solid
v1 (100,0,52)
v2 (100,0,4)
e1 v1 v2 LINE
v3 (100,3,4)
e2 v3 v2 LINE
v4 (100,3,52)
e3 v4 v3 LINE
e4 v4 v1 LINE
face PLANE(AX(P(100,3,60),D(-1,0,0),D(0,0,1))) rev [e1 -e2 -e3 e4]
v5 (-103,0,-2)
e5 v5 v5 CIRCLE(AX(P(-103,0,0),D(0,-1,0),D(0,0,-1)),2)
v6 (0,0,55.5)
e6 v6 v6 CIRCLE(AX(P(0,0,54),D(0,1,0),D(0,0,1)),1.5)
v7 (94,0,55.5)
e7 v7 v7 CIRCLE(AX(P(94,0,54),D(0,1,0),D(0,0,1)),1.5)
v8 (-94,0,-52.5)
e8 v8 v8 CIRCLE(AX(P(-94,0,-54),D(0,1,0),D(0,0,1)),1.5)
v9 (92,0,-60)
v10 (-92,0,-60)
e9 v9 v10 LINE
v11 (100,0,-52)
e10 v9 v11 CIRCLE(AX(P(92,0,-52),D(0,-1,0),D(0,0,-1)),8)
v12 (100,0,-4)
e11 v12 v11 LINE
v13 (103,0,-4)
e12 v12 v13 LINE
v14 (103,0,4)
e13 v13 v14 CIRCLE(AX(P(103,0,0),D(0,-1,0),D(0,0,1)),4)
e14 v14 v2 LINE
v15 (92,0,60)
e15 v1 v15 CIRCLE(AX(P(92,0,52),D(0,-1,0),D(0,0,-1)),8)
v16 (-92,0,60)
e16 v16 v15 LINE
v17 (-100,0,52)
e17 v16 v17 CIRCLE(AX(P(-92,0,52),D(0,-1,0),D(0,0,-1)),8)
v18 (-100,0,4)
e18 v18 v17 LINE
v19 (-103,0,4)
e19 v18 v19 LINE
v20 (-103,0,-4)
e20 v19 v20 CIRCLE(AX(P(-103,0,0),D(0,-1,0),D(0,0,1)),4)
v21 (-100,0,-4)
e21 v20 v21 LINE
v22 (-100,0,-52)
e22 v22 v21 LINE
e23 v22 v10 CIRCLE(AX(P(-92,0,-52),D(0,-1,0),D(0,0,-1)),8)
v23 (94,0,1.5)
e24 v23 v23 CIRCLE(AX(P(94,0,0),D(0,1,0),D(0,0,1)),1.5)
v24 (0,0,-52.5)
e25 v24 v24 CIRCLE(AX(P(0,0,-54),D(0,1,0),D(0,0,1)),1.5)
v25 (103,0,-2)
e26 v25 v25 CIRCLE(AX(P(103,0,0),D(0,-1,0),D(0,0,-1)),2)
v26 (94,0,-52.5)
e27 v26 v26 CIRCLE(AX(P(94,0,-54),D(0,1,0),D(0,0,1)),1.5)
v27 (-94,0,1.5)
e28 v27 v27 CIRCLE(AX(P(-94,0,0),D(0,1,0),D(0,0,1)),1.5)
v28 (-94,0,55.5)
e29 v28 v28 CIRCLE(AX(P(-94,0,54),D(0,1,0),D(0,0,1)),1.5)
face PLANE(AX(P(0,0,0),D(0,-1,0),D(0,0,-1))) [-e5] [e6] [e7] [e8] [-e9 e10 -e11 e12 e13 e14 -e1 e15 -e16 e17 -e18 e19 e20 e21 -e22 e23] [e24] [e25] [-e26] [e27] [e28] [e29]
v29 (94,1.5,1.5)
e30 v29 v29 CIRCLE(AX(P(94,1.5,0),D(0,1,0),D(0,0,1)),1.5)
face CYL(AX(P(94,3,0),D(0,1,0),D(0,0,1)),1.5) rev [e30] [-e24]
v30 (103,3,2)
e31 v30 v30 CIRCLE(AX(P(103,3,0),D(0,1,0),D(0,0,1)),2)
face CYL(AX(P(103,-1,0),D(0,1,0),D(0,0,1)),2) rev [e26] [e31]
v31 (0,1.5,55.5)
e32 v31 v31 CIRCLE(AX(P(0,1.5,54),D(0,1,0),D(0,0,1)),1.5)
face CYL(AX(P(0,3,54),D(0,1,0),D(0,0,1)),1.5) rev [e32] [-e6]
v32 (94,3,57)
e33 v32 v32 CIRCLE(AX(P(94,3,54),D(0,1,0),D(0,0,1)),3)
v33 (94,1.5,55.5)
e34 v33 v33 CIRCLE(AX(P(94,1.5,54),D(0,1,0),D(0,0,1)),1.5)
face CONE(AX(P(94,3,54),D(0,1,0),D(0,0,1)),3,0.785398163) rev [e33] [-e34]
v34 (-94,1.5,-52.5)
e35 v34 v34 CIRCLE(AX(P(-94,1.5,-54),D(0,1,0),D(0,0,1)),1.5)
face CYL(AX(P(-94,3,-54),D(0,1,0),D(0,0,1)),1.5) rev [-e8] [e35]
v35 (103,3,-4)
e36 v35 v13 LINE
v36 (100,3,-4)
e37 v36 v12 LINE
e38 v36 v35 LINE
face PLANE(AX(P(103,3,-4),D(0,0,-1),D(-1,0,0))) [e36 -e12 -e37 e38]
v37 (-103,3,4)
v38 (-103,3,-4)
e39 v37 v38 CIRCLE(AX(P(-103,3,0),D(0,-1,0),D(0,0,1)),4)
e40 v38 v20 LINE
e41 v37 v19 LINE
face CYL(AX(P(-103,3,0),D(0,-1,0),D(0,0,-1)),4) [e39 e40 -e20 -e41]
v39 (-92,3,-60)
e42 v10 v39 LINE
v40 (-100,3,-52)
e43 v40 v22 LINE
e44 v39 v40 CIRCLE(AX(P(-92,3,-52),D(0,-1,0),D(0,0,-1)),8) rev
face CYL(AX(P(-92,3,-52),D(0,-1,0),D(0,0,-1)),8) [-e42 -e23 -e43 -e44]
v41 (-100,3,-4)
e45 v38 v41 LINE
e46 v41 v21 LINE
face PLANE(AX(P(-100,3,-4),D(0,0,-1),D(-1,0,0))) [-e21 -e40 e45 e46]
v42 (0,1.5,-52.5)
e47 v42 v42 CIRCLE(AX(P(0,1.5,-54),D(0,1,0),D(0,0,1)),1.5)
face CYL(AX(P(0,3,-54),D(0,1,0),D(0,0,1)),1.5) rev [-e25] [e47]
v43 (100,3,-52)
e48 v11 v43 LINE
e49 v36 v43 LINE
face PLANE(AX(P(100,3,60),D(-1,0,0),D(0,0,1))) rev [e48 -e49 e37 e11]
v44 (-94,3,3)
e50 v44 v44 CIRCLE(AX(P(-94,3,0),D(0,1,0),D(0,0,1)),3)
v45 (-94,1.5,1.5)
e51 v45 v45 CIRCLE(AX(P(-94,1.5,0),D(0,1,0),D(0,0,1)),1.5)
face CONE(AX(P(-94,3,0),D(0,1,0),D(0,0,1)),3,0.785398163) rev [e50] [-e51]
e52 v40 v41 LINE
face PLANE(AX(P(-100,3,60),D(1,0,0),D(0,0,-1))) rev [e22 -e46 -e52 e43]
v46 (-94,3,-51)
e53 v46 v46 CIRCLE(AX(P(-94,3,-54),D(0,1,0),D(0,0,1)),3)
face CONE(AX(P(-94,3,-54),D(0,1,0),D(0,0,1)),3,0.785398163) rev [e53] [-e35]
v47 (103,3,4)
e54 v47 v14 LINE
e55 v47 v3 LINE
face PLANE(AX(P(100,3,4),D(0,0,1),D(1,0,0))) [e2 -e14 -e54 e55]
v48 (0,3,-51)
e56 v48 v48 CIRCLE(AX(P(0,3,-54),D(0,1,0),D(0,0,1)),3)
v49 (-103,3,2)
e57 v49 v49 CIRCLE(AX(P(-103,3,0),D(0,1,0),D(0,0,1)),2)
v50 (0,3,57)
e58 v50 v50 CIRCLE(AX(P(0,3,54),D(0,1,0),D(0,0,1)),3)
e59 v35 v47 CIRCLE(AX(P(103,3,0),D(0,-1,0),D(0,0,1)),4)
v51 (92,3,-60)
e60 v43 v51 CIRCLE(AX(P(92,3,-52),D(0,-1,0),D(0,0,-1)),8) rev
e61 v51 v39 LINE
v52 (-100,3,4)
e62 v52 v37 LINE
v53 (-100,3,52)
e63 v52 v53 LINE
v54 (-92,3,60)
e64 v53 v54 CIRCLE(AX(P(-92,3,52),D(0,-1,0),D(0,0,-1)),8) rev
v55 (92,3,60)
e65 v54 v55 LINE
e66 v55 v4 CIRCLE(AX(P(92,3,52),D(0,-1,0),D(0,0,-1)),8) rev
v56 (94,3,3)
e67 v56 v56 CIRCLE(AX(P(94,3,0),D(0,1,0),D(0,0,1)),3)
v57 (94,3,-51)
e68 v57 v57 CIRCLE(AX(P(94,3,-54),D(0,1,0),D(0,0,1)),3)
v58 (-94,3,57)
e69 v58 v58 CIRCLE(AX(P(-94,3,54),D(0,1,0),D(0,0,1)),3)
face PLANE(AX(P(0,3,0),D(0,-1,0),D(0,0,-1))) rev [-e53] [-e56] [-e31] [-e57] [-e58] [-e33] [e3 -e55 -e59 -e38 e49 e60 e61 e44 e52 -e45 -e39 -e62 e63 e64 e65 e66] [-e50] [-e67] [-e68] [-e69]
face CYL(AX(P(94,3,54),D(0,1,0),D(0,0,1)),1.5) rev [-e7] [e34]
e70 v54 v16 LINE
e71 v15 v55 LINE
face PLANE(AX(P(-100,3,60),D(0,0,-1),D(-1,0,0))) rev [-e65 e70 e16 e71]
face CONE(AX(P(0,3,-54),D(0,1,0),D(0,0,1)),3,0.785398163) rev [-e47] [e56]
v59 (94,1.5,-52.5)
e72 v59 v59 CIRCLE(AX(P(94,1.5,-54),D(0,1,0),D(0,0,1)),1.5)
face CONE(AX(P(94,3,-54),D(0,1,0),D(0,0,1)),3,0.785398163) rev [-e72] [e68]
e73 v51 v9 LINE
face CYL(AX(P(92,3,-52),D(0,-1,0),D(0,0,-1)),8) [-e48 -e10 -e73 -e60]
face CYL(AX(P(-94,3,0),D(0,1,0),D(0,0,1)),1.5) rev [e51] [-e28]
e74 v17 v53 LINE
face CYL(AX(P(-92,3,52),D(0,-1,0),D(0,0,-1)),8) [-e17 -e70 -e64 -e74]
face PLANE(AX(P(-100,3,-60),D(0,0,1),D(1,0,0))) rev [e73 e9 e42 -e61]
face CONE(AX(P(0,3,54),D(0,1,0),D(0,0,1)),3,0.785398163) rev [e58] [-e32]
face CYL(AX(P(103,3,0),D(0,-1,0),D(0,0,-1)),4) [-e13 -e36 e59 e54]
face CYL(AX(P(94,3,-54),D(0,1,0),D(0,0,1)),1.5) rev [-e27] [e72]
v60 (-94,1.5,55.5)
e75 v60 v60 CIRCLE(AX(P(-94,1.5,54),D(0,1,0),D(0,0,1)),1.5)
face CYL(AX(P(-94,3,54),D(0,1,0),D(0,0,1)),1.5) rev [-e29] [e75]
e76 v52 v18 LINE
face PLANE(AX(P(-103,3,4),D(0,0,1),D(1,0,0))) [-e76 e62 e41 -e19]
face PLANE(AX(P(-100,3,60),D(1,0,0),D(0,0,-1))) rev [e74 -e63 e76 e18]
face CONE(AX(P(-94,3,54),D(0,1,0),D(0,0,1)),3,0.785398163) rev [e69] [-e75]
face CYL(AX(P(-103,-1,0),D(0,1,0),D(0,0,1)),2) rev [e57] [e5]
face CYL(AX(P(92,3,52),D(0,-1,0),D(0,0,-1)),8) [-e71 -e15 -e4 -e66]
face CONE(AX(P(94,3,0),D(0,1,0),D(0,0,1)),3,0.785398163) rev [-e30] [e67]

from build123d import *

# Parameters (mm, degrees)
SKETCH1_W                                       = 200
SKETCH1_H                                       = 120
BOSS_EXTRUDE1_DEPTH                             = 3
CSK_FOR_M3_FLAT_HEAD_MACHINE_SCREW1_D           = 3
CSK_FOR_M3_FLAT_HEAD_MACHINE_SCREW1_CSINK_D     = 6
CSK_FOR_M3_FLAT_HEAD_MACHINE_SCREW1_CSINK_ANGLE = 90
FILLET1_R                                       = 8
BOSS_EXTRUDE2_DEPTH                             = 3
SKETCH9_R                                       = 2
CUT_EXTRUDE1_DEPTH                              = 4


with BuildPart() as part:
    # Sketch1 → Boss-Extrude1 (new body)
    with BuildSketch(Plane(origin=(0, 0, 0), x_dir=(1, 0, 0), z_dir=(0, 1, 0))):
        Rectangle(SKETCH1_W, SKETCH1_H)
    extrude(amount=BOSS_EXTRUDE1_DEPTH)

    # CSK for M3 Flat Head Machine Screw1 (through all)
    with Locations(Plane(origin=(0, 3, 0), x_dir=(1, 0, 0), z_dir=(0, 1, 0))):
        with Locations((-94, 54), (0, 54), (94, 54), (94, 0), (94, -54), (0, -54), (-94, -54), (-94, 0)):
            CounterSinkHole(CSK_FOR_M3_FLAT_HEAD_MACHINE_SCREW1_D / 2, CSK_FOR_M3_FLAT_HEAD_MACHINE_SCREW1_CSINK_D / 2, counter_sink_angle=CSK_FOR_M3_FLAT_HEAD_MACHINE_SCREW1_CSINK_ANGLE)

    # Fillet1
    fillet1_edges = [part.edges().sort_by_distance(p)[0] for p in [
        (100, 1.5, 60),
        (-100, 1.5, 60),
        (-100, 1.5, -60),
        (100, 1.5, -60),
    ]]
    fillet(fillet1_edges, radius=FILLET1_R)

    # Sketch7 → Boss-Extrude2 (add)
    with BuildSketch(Plane.XZ):
        with BuildLine():
            Line((100, 4), (103, 4))
            ThreePointArc((103, 4), (107, 0), (103, -4))
            Line((103, -4), (100, -4))
            Line((100, -4), (100, 4))
        make_face()
        with BuildLine():
            Line((-100, -4), (-103, -4))
            ThreePointArc((-103, -4), (-107, 0), (-103, 4))
            Line((-103, 4), (-100, 4))
            Line((-100, 4), (-100, -4))
        make_face()
    extrude(amount=-BOSS_EXTRUDE2_DEPTH)

    # Sketch9 → Cut-Extrude1 (cut)
    with BuildSketch(Plane(origin=(0, 3, 0), x_dir=(1, 0, 0), z_dir=(0, 1, 0))):
        with Locations(Location((-103, 0, 0), (0, 0, 270))):
            Circle(SKETCH9_R)
        with Locations(Location((103, 0, 0), (0, 0, 270))):
            Circle(SKETCH9_R)
    extrude(amount=-CUT_EXTRUDE1_DEPTH, mode=Mode.SUBTRACT)


solid = part.part
